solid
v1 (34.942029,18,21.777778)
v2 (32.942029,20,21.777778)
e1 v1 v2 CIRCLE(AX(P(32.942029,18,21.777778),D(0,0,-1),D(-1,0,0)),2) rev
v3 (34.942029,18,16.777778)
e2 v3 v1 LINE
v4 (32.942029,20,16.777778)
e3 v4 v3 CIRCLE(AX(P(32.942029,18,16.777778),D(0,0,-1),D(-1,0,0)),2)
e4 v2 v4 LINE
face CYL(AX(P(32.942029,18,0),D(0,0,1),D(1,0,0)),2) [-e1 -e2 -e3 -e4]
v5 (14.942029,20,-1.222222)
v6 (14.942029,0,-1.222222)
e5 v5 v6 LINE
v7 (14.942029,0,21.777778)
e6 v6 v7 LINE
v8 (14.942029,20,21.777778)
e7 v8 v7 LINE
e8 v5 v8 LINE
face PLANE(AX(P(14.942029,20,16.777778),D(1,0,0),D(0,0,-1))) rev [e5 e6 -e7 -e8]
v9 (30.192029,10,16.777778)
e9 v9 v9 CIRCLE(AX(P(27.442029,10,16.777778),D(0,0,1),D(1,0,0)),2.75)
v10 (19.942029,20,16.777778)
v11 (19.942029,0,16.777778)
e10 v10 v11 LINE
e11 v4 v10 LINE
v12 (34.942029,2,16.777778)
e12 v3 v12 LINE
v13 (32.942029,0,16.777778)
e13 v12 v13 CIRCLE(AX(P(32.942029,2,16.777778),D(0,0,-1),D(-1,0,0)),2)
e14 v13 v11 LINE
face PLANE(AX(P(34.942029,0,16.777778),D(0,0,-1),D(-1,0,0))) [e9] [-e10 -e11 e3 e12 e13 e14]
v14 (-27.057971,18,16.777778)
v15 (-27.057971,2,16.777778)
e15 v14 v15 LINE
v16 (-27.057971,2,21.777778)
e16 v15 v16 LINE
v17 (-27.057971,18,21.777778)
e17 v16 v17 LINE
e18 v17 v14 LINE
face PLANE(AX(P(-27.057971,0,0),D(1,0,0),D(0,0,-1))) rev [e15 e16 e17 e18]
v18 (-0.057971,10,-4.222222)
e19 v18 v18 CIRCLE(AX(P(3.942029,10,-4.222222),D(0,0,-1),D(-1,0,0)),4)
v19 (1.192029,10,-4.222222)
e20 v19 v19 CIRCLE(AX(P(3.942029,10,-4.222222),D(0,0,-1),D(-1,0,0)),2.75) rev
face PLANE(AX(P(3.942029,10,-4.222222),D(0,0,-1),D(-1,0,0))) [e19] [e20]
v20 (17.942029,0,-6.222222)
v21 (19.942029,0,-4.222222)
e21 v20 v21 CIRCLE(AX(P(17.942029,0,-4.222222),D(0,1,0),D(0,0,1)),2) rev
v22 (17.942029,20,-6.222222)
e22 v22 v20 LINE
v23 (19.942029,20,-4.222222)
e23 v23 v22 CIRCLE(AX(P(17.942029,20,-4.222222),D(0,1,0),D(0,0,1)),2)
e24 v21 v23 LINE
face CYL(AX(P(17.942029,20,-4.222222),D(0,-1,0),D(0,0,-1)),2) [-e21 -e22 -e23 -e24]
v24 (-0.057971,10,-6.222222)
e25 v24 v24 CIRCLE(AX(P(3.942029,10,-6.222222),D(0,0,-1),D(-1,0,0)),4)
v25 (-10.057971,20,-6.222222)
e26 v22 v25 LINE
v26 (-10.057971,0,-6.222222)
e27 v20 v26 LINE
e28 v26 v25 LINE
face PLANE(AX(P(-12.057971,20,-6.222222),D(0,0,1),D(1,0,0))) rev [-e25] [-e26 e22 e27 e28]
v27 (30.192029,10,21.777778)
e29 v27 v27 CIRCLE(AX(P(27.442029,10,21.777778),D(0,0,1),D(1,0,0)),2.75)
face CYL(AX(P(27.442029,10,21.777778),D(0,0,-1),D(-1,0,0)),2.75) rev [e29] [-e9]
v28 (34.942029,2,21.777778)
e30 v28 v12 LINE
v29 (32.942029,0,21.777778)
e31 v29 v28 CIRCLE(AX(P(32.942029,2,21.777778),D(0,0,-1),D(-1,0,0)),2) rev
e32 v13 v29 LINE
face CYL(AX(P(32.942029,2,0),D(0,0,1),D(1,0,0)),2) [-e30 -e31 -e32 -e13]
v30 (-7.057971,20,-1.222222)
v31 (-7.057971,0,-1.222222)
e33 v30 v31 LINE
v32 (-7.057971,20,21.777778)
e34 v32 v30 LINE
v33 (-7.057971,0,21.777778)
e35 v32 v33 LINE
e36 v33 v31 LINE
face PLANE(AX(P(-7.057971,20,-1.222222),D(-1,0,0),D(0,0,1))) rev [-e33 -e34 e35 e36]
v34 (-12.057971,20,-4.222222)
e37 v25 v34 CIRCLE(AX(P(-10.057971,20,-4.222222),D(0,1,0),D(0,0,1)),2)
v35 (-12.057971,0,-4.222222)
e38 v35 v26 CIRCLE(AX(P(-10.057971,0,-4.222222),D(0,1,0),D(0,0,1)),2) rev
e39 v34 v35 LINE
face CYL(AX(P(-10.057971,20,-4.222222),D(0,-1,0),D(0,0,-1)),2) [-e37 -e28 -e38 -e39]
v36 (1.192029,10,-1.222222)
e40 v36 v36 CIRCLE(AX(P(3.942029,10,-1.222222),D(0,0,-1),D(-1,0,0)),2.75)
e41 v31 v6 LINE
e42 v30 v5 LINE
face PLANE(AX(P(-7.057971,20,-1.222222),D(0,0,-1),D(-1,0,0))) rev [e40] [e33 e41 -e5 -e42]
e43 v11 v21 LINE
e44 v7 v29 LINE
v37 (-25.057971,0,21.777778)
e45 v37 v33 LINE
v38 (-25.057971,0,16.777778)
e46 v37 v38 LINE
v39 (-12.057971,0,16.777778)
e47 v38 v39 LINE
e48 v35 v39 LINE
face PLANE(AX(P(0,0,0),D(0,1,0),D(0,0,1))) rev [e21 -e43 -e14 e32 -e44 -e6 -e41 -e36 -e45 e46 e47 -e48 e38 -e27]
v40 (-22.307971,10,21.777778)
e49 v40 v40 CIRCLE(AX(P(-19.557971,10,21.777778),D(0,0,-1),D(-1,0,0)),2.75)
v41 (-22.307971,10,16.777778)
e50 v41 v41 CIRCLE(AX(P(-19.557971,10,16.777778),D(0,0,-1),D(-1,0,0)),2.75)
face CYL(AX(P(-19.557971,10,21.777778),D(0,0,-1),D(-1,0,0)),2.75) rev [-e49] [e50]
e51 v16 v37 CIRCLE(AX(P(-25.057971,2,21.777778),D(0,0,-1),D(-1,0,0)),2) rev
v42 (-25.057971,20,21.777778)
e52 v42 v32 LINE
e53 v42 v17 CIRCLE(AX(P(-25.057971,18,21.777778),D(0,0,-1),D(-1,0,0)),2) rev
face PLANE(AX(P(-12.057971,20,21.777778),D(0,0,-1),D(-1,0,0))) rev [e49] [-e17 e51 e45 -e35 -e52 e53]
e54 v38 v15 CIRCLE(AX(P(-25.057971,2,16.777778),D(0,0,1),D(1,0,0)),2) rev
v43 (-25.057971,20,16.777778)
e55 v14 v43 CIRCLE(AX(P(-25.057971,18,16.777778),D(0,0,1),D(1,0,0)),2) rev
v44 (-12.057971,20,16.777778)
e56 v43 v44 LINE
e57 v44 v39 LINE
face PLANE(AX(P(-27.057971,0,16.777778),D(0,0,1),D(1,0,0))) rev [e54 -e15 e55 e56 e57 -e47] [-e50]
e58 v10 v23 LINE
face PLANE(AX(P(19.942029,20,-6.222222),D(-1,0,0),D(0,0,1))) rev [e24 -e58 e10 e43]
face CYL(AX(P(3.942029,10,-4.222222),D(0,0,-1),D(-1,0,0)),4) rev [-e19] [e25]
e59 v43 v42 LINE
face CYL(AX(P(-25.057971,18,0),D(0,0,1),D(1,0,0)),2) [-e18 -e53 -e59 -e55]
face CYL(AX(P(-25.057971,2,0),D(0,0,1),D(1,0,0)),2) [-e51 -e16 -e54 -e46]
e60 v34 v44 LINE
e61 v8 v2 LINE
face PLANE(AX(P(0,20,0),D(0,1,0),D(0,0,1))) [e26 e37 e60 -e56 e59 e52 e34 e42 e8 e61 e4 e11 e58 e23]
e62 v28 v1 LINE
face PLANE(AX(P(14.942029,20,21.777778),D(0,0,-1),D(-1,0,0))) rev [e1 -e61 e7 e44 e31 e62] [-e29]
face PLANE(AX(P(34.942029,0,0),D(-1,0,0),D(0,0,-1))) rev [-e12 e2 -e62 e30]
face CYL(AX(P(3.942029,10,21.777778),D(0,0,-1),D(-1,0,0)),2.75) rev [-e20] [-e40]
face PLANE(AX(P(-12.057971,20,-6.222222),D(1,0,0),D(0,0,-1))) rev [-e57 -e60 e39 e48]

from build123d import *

# Parameters (mm, degrees)
EXTRUDE_1_DEPTH     = 20
SKETCH_2_R          = 2.75
CUT_EXTRUDE_1_DEPTH = 40.770397535
SKETCH_3_W          = 5
SKETCH_3_H          = 20
EXTRUDE_2_DEPTH     = 15
SKETCH_4_R          = 2.75
CUT_EXTRUDE_2_DEPTH = 41.757009157
FILLET_1_R          = 2
SKETCH_5_R          = 4
CUT_EXTRUDE_3_DEPTH = 2


with BuildPart() as part:
    # 草图1 → 凸台-拉伸1 (new body)
    with BuildSketch(Plane(origin=(0, 0, 0), x_dir=(1, 0, 0), z_dir=(0, 1, 0))):
        Polygon((-12.057971014, 6.222222222), (19.942028986, 6.222222222), (19.942028986, -21.777777778), (14.942028986, -21.777777778), (14.942028986, -16.777777778), (14.942028986, 1.222222222), (-7.057971014, 1.222222222), (-7.057971014, -16.777777778), (-7.057971014, -21.777777778), (-12.057971014, -21.777777778), align=None)
    extrude(amount=EXTRUDE_1_DEPTH)

    # 草图2 → 切除-拉伸1 (cut, through all)
    with BuildSketch(Plane(origin=(0, 0, -6.222222222), x_dir=(-1, 0, 0), z_dir=(0, 0, -1))):
        with Locations((-3.942028986, 10)):
            Circle(SKETCH_2_R)
    extrude(amount=-CUT_EXTRUDE_1_DEPTH, mode=Mode.SUBTRACT)

    # 草图3 → 凸台-拉伸2 (add)
    with BuildSketch(Plane.ZY.offset(12.057971014)):
        with Locations((19.277777778, 10)):
            Rectangle(SKETCH_3_W, SKETCH_3_H)
    extrude_2 = extrude(amount=EXTRUDE_2_DEPTH)

    # 草图4 → 切除-拉伸2 (cut, through all)
    with BuildSketch(Plane(origin=(0, 0, 16.777777778), x_dir=(-1, 0, 0), z_dir=(0, 0, -1))):
        with Locations((19.557971014, 10)):
            Circle(SKETCH_4_R)
    cut_extrude_2 = extrude(amount=-CUT_EXTRUDE_2_DEPTH, mode=Mode.SUBTRACT)

    # 镜向5: 凸台-拉伸2, 切除-拉伸2 across plane
    add(extrude_2.mirror(Plane.ZY.offset(-3.942028986)))
    add(cut_extrude_2.mirror(Plane.ZY.offset(-3.942028986)), mode=Mode.SUBTRACT)

    # 圆角1
    fillet_1_edges = [part.edges().sort_by_distance(p)[0] for p in [
        (-12.057971014, 10, -6.222222222),
        (19.942028986, 10, -6.222222222),
        (-27.057971014, 0, 19.277777778),
        (-27.057971014, 20, 19.277777778),
        (34.942028986, 0, 19.277777778),
        (34.942028986, 20, 19.277777778),
    ]]
    fillet(fillet_1_edges, radius=FILLET_1_R)

    # 草图5 → 切除-拉伸3 (cut)
    with BuildSketch(Plane(origin=(0, 0, -6.222222222), x_dir=(-1, 0, 0), z_dir=(0, 0, -1))):
        with Locations((-3.942028986, 10)):
            Circle(SKETCH_5_R)
    extrude(amount=-CUT_EXTRUDE_3_DEPTH, mode=Mode.SUBTRACT)


solid = part.part
